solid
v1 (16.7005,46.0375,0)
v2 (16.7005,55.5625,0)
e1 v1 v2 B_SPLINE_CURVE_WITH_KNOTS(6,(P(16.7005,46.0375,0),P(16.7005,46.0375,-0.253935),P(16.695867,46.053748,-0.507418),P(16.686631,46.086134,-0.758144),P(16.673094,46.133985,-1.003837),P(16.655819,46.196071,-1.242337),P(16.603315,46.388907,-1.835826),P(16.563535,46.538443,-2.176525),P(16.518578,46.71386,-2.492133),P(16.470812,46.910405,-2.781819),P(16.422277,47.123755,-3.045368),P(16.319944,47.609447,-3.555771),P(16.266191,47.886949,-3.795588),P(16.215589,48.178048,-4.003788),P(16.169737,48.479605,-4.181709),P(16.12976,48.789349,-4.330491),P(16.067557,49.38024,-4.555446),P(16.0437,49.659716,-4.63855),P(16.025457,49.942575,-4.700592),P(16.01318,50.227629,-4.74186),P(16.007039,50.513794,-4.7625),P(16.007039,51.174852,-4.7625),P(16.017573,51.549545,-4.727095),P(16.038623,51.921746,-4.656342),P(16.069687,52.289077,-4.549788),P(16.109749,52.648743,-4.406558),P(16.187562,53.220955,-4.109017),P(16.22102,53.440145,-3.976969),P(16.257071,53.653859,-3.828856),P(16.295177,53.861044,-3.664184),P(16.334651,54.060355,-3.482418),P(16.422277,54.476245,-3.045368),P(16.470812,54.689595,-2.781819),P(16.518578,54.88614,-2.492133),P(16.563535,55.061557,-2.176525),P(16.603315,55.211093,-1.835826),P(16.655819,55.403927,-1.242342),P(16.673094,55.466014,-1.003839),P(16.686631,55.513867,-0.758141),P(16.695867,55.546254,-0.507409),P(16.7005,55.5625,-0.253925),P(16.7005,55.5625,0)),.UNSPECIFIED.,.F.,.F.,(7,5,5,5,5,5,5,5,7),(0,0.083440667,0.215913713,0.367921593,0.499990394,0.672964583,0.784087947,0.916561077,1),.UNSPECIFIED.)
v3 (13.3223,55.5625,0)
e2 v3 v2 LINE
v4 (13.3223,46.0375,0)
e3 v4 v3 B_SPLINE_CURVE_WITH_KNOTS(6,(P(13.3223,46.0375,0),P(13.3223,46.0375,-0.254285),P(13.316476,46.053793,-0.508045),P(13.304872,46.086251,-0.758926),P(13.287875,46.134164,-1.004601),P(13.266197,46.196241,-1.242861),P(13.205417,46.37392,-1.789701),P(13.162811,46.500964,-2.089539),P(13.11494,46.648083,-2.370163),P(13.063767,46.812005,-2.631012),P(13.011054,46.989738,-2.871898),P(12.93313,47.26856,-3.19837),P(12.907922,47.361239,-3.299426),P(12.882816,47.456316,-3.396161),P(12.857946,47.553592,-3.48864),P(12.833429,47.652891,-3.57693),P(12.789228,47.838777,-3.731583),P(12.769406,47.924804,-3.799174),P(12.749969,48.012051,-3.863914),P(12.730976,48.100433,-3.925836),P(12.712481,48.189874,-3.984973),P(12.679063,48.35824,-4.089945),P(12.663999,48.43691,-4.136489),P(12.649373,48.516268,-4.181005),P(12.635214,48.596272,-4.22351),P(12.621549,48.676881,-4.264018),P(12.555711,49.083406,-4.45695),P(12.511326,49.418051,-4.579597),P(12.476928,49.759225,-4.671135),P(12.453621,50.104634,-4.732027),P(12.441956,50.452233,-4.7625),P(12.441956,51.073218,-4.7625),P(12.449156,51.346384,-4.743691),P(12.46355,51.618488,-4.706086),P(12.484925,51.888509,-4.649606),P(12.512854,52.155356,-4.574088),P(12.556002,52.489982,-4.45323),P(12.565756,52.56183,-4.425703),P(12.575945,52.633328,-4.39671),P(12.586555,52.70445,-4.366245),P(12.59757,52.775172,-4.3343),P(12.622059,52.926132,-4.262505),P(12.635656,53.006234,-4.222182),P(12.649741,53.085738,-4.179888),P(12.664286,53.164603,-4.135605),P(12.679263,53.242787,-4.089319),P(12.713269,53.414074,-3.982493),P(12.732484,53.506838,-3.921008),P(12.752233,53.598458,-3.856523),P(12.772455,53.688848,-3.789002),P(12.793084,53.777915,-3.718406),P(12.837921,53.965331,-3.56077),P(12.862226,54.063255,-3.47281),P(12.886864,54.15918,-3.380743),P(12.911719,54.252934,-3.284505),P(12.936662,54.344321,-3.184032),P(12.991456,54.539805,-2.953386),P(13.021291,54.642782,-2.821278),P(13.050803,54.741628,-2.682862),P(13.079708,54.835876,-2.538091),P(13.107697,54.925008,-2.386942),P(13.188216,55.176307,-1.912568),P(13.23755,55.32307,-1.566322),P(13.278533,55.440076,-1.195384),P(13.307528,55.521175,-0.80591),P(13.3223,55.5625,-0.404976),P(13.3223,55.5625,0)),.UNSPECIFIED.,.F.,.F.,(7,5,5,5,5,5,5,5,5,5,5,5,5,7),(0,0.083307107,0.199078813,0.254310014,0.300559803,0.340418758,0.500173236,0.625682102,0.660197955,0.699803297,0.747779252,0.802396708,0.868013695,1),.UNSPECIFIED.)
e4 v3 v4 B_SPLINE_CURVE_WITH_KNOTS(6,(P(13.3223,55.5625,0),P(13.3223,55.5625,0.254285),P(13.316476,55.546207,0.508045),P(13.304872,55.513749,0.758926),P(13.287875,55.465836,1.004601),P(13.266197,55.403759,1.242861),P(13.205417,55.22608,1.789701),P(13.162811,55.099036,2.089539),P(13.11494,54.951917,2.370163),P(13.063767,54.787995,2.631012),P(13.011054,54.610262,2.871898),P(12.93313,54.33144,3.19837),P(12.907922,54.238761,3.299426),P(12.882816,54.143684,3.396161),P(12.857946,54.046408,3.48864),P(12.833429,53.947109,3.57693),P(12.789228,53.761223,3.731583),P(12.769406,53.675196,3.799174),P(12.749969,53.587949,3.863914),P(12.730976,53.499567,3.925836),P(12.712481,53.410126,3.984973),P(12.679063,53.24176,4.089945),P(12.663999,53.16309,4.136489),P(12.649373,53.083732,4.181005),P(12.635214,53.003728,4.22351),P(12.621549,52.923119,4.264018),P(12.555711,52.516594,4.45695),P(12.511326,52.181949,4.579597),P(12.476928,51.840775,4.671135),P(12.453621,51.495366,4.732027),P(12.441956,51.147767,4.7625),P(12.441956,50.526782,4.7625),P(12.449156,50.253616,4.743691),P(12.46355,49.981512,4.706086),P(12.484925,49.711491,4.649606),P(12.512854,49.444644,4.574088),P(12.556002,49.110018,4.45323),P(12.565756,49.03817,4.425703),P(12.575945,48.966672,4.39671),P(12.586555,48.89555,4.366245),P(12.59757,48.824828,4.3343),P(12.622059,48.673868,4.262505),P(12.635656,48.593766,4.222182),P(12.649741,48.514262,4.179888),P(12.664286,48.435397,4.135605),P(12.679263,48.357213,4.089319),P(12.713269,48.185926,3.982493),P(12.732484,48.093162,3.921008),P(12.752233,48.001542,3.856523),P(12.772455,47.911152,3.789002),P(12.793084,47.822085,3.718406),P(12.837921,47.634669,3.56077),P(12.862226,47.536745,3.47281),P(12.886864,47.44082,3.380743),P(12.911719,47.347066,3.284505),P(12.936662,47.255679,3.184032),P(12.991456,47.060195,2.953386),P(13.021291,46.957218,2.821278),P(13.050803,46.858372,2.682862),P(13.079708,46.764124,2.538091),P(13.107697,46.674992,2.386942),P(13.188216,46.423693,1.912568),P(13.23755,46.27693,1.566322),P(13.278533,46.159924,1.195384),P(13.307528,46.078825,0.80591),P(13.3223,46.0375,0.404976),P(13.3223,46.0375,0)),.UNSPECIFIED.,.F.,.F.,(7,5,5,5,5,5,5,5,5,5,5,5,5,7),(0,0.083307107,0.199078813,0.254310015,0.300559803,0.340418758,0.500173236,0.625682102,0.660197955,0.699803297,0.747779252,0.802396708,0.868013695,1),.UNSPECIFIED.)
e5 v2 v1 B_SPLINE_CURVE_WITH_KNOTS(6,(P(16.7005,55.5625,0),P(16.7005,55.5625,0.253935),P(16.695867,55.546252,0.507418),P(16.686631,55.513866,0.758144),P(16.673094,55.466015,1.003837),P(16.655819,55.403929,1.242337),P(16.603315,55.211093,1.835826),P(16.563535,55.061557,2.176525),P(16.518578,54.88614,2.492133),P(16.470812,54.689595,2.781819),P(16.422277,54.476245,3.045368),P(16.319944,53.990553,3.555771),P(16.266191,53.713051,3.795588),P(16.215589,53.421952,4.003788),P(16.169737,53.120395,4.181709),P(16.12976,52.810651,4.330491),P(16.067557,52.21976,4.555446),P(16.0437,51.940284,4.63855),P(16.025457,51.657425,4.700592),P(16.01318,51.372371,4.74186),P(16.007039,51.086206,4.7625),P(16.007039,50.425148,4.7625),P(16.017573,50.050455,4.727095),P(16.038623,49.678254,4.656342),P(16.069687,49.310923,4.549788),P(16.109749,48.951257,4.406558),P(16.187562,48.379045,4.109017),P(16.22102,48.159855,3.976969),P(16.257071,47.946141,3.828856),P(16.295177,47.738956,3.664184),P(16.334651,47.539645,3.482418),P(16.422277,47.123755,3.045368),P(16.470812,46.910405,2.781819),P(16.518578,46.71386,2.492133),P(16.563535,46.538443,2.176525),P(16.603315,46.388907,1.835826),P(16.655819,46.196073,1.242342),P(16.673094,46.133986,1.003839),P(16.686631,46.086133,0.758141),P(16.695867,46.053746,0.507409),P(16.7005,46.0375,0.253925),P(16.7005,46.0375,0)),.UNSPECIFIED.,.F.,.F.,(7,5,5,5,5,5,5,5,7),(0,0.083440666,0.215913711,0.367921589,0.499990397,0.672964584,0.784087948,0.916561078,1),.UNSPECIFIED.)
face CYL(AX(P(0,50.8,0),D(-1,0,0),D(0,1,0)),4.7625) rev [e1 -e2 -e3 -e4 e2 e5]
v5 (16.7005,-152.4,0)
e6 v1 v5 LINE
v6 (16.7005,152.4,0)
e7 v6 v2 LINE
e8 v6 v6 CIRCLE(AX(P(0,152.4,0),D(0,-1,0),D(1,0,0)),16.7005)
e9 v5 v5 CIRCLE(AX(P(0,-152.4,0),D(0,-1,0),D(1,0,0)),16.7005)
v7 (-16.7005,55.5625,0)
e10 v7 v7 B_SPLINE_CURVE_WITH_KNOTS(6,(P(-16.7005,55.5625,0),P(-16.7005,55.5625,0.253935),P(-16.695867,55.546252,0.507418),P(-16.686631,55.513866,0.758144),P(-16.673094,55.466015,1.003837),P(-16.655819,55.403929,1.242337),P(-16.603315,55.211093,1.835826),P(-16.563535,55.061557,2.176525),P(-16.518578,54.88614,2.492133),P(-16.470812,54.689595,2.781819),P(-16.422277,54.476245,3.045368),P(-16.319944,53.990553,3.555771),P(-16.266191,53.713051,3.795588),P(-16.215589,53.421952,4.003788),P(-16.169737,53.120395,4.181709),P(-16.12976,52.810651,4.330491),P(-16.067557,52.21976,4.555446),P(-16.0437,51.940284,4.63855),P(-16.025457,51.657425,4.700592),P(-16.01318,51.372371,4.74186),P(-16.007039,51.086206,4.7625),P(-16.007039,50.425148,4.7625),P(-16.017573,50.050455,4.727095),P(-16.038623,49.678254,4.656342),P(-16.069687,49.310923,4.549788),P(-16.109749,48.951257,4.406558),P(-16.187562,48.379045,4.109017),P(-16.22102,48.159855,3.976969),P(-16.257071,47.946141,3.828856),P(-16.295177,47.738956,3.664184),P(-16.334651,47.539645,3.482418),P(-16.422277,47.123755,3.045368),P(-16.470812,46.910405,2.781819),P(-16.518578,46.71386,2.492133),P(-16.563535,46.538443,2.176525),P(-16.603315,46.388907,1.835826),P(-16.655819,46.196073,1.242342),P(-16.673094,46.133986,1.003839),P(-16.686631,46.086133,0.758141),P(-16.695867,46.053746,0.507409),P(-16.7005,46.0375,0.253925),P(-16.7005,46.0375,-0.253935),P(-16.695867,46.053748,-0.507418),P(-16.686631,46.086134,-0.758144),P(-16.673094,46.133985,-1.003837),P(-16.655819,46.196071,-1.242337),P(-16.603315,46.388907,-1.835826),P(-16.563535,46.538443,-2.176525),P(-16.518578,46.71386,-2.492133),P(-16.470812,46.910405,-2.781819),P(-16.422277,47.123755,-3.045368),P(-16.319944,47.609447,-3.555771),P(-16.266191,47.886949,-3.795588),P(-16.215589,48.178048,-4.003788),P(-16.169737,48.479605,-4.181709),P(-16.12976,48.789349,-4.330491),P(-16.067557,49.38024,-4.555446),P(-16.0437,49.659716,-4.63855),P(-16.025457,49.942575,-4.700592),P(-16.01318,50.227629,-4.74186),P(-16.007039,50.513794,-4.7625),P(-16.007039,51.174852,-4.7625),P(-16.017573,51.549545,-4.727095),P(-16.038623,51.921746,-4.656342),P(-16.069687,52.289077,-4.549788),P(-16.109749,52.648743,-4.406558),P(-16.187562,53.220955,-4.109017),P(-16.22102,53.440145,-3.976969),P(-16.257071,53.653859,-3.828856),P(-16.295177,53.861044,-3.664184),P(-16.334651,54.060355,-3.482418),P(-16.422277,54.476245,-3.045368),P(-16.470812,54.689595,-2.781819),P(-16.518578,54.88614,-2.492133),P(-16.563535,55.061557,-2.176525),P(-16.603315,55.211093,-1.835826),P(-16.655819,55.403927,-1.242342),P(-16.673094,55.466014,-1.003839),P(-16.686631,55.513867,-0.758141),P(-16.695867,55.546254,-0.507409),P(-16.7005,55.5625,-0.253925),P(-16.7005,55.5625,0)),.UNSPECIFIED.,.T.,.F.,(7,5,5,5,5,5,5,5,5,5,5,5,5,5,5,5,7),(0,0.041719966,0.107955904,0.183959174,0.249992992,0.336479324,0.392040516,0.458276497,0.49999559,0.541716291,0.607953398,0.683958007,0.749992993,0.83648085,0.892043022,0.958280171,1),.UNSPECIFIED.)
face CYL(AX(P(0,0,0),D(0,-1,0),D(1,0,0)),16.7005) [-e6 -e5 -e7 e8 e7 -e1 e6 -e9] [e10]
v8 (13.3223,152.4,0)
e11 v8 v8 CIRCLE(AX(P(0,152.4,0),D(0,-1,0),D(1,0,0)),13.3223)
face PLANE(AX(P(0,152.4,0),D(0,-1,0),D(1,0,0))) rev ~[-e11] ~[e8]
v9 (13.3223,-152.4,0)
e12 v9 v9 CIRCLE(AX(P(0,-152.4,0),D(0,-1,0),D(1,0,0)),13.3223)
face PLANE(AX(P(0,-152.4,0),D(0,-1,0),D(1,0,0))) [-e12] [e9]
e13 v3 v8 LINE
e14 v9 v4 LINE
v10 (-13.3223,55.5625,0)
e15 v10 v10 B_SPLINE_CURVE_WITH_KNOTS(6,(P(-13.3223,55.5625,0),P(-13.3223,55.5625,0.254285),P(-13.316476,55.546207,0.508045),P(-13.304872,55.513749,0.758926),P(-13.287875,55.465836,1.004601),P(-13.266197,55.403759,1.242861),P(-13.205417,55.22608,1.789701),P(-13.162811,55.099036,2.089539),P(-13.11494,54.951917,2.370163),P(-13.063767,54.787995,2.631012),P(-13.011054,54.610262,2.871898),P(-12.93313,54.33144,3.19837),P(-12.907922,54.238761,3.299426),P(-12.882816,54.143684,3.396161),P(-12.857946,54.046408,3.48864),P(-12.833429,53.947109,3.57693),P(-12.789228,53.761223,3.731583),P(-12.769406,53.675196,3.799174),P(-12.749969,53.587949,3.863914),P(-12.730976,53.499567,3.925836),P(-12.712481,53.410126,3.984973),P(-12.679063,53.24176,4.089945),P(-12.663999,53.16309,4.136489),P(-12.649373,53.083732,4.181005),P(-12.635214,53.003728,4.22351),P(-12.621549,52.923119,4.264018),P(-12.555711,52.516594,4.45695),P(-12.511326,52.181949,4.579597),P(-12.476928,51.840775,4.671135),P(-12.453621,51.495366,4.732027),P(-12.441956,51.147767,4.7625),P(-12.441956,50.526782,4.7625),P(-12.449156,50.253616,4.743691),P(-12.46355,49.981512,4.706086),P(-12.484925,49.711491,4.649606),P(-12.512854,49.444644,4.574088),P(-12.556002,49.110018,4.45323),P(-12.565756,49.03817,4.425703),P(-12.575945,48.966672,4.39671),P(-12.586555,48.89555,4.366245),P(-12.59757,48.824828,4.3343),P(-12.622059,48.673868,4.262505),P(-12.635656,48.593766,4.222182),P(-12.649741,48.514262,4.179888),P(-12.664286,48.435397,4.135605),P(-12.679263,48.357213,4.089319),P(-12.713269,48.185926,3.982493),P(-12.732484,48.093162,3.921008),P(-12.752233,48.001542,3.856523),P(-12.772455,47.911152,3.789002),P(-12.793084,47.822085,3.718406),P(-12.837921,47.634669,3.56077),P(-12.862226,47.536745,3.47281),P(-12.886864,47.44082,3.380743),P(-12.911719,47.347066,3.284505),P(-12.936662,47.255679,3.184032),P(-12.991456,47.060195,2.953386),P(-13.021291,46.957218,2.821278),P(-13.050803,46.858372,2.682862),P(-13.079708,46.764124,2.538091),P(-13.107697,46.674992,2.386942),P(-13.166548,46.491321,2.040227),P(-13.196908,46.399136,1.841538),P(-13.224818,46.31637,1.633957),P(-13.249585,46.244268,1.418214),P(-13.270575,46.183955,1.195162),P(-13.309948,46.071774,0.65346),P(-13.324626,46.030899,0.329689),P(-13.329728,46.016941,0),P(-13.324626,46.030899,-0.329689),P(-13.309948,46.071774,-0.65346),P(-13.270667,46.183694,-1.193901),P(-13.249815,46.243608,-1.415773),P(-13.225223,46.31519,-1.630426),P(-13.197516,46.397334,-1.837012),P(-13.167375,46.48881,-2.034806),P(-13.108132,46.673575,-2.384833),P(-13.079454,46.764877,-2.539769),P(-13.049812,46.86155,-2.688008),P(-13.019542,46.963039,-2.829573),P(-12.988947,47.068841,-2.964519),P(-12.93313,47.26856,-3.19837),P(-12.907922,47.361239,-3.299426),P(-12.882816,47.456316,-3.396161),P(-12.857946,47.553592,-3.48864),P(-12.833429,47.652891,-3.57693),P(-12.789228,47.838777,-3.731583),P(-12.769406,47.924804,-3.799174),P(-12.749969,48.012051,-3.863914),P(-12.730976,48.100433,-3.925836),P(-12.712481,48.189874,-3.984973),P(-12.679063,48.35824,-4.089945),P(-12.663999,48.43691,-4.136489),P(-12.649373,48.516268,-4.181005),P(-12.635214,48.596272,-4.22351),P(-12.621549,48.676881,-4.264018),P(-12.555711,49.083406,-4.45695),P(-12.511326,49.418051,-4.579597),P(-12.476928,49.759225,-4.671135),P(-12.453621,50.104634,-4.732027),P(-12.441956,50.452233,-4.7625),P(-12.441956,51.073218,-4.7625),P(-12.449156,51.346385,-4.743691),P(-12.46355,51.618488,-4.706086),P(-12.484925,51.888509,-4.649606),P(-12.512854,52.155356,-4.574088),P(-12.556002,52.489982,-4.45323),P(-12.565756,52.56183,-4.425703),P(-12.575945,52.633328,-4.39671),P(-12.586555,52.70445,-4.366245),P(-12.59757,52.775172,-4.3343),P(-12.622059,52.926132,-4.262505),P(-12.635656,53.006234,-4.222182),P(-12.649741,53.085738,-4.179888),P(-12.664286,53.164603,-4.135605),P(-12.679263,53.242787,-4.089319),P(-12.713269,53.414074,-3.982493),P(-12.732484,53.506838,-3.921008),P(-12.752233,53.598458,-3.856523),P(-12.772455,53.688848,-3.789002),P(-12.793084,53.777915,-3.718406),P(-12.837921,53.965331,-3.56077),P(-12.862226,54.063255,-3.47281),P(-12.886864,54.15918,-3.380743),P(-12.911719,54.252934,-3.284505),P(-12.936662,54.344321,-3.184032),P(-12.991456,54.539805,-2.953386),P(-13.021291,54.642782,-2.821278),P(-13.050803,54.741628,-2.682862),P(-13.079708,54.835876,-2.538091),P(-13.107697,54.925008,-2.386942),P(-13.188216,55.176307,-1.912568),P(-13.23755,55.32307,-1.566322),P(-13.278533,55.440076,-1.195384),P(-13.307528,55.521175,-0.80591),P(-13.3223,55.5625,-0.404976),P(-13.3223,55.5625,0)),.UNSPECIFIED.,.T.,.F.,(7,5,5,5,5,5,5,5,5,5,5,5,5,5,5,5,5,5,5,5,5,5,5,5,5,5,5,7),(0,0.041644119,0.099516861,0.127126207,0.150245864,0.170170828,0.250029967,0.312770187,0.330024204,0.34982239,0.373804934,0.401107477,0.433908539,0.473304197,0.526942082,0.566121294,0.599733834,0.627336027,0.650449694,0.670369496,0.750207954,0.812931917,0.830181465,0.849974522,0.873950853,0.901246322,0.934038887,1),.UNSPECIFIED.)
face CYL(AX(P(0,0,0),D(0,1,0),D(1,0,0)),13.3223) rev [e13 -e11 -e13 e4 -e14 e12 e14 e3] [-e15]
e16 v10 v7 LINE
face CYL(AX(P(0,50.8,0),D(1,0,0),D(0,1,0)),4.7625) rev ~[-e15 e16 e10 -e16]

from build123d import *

# Parameters (mm, degrees)
F0_R          = 16.7005
F0_R_2        = 13.3223
F1_DEPTH      = 152.4
F2_R          = 4.7625
F3_DEPTH      = 16.7015
F3_DEPTH_BACK = 16.7015


with BuildPart() as f1:
    # F0 (on Front) → F1 (new body, symmetric)
    with BuildSketch(Plane.XZ):
        Circle(F0_R)
        Circle(F0_R_2, mode=Mode.SUBTRACT)
    extrude(amount=F1_DEPTH, both=True)

    # F2 (on Right) → F3 (cut, two sides)
    with BuildSketch(Plane.YZ) as f3_sk:
        with Locations((50.8, 0)):
            Circle(F2_R)
    extrude(amount=-F3_DEPTH, mode=Mode.SUBTRACT)
    extrude(f3_sk.sketch, amount=F3_DEPTH_BACK, mode=Mode.SUBTRACT)


solid = f1.part
